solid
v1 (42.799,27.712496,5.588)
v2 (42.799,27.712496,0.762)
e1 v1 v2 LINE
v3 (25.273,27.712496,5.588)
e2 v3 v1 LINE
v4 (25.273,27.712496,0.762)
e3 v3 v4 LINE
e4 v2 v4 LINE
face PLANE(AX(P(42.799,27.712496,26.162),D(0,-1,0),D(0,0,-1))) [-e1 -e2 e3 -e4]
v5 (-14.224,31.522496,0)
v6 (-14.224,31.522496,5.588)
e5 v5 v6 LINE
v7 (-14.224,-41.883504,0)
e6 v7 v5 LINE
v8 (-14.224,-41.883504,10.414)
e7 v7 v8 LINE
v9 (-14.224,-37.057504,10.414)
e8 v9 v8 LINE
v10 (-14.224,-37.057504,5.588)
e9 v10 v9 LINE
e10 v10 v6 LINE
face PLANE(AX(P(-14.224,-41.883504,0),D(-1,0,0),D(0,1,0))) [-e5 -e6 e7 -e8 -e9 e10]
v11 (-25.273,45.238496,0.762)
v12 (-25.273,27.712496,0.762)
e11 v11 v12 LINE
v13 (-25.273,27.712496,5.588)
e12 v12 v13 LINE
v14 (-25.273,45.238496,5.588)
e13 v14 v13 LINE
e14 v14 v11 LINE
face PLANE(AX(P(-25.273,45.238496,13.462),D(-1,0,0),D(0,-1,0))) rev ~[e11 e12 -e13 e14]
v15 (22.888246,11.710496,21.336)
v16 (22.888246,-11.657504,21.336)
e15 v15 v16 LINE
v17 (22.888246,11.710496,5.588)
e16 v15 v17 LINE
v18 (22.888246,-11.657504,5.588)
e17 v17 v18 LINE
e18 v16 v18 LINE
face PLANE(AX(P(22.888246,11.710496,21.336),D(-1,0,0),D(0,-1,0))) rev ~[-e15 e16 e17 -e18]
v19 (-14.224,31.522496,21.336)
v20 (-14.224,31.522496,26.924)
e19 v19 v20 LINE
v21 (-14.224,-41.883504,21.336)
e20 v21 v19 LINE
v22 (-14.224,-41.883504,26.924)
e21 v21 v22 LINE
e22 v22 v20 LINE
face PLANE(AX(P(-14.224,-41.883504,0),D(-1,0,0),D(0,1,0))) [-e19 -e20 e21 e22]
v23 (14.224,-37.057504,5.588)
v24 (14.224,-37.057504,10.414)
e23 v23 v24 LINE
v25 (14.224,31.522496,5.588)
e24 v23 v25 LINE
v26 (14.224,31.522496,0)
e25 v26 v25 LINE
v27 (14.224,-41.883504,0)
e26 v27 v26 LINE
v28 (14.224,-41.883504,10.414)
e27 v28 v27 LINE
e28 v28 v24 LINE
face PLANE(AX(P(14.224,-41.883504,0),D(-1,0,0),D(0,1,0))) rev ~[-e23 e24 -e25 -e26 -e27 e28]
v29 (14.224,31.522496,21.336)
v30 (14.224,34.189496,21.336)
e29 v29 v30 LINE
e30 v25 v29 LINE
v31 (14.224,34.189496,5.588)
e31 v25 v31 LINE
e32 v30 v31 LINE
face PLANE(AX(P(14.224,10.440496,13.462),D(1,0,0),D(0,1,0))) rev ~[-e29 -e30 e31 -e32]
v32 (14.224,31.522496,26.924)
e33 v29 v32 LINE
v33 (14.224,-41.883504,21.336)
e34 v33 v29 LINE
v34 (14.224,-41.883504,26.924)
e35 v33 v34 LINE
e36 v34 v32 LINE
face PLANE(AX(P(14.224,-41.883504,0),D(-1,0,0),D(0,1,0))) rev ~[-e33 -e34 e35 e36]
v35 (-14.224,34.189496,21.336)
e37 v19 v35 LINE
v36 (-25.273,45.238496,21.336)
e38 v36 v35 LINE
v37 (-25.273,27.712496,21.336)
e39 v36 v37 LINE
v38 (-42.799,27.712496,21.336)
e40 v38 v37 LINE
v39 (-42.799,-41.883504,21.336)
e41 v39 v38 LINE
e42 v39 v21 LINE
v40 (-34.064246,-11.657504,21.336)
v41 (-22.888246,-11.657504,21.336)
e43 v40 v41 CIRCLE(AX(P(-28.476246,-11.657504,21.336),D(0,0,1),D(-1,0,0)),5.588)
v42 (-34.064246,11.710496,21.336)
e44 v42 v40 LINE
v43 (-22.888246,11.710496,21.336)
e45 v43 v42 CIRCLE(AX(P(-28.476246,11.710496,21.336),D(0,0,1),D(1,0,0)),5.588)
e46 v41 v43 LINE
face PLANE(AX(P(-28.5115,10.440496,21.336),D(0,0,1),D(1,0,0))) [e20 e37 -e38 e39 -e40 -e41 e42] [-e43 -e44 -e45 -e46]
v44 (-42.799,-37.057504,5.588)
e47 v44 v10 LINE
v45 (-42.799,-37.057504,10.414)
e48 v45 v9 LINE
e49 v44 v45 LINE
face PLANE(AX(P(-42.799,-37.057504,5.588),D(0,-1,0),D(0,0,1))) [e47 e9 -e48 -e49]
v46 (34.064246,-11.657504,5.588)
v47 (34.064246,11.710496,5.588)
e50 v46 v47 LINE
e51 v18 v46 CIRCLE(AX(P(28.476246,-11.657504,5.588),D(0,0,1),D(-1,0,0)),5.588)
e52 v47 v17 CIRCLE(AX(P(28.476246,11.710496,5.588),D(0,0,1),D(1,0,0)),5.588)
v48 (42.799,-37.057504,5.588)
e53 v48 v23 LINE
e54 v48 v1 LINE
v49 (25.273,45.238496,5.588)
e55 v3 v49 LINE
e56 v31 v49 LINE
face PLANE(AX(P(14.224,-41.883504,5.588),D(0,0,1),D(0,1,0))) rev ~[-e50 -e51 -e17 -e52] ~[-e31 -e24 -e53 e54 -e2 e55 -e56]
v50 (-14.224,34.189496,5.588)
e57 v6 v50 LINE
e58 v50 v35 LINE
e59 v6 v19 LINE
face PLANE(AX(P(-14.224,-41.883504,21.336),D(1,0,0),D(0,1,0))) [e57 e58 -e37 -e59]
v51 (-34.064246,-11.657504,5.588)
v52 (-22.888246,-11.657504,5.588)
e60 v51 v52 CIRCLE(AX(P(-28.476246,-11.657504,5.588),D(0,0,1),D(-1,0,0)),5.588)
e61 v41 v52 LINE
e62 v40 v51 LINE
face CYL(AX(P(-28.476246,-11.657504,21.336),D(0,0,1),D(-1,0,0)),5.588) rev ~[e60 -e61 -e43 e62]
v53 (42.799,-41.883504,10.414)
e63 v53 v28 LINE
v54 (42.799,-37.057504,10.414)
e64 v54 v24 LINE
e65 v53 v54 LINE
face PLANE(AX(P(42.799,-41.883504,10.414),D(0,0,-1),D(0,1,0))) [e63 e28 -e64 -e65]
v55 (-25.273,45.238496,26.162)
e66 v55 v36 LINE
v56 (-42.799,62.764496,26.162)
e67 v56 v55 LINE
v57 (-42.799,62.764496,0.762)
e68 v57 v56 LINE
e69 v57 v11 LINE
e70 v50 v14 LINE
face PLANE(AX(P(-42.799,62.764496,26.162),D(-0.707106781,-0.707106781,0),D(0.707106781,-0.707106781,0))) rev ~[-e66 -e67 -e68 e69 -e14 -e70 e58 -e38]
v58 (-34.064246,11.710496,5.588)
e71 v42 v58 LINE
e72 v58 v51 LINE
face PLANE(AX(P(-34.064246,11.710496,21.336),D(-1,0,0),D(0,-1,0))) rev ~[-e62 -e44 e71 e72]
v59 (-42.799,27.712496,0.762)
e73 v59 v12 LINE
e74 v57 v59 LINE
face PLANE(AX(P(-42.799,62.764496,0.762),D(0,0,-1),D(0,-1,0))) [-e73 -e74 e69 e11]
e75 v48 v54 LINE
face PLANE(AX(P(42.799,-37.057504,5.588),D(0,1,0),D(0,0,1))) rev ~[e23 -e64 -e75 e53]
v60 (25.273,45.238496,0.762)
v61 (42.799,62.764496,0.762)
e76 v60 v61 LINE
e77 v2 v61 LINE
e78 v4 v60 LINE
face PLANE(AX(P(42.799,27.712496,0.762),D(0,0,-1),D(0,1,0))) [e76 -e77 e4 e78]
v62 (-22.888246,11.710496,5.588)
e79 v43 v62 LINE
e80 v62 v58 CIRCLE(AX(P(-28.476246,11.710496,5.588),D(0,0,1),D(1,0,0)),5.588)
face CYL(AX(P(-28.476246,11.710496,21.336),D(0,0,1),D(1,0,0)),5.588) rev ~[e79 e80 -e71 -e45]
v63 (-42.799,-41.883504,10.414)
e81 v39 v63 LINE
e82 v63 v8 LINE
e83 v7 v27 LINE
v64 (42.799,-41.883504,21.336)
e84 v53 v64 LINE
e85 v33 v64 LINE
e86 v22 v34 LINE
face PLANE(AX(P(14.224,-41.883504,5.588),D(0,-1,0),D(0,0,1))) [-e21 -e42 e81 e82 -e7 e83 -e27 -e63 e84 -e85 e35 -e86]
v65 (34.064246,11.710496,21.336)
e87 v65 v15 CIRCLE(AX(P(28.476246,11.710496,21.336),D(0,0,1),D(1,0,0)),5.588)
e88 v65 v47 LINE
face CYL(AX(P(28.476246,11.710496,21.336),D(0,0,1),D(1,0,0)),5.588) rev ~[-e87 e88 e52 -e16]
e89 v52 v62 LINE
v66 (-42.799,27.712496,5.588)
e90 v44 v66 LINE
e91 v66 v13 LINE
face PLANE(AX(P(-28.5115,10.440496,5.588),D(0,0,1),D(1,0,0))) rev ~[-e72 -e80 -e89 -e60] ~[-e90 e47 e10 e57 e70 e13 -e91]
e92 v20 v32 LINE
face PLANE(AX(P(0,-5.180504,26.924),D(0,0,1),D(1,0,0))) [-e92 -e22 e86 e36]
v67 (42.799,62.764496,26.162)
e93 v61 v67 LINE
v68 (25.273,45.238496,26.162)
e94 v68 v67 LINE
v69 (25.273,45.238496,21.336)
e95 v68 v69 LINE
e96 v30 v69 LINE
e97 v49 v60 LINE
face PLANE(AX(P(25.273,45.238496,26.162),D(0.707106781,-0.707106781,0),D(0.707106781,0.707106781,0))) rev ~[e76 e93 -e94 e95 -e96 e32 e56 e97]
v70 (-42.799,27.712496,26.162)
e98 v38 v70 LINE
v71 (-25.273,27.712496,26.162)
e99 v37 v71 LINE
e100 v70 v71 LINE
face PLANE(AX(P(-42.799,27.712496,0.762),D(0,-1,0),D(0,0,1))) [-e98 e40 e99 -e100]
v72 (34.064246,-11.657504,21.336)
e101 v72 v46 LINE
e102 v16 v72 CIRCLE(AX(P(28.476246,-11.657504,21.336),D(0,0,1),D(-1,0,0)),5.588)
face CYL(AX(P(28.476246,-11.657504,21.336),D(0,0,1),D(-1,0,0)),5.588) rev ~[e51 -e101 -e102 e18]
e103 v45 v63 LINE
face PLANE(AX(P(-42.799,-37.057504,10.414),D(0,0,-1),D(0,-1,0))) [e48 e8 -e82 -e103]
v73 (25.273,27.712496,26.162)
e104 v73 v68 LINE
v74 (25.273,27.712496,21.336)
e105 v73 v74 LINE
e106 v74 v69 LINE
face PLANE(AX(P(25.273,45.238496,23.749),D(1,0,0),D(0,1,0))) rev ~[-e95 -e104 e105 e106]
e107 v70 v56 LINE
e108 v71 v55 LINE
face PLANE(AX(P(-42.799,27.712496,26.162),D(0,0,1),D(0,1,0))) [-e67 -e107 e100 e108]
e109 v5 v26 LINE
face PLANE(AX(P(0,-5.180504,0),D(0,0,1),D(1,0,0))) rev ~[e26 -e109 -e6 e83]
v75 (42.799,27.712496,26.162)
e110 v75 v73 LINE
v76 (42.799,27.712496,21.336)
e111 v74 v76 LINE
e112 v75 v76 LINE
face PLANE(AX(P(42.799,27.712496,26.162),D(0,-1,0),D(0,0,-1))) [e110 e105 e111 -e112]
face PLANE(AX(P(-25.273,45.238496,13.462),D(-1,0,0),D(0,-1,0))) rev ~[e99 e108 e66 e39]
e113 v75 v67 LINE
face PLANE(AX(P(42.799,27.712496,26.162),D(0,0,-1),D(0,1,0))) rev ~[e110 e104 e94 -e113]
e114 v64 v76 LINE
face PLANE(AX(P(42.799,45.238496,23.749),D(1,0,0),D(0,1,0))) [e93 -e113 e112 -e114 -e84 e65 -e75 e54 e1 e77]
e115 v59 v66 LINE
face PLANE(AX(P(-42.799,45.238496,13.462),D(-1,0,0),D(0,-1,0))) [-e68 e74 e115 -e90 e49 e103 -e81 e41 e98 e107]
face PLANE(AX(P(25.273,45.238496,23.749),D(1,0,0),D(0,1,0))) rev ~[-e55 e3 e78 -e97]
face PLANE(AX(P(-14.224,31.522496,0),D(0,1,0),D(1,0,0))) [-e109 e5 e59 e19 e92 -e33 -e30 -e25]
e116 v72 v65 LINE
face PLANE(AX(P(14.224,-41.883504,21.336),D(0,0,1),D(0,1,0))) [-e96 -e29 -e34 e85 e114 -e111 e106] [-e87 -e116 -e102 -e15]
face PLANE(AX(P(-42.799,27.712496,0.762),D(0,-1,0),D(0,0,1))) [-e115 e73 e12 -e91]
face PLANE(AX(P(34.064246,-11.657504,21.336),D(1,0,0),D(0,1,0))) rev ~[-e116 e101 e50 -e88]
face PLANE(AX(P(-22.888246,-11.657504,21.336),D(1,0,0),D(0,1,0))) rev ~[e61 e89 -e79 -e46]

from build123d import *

# Parameters (mm, degrees)
F0_W      = 28.448
F0_H      = 73.406
F1_DEPTH  = 26.924
F2_W      = 104.648
F2_H      = 15.748
F3_DEPTH  = 28.575
F4_W      = 28.575
F4_H      = 104.648
F5_DEPTH  = 15.748
F6_W      = 4.826
F6_H      = 4.826
F5_FACE_W = 104.648
F5_FACE_H = 15.748
F7_DEPTH  = 28.575
F8_W      = 4.826
F8_H      = 4.826
F9_DEPTH  = 28.575
F11_DEPTH = 25.4
F13_DEPTH = 25.4
F15_DEPTH = 17.526
F17_DEPTH = 25.4
F18_W     = 35.052
F18_H     = 4.826
F18_H_2   = 15.748
F19_DEPTH = 17.526
F21_DEPTH = 25.4
F23_DEPTH = 25.4


with BuildPart() as f1:
    # F0 (on Top) → F1 (new body)
    with BuildSketch(Plane.XY):
        with Locations((0, -5.180504173)):
            Rectangle(F0_W, F0_H)
    extrude(amount=F1_DEPTH)

    # F2 (on face) → F3 (join)
    with BuildSketch(Plane.YZ.offset(14.224)):
        with Locations((10.440495827, 13.462)):
            Rectangle(F2_W, F2_H)
    extrude(amount=F3_DEPTH)

    # F4 (on face) → F5 (join)
    with BuildSketch(Plane.XY.offset(21.336)):
        with Locations((28.5115, 10.440495827)):
            Rectangle(F4_W, F4_H)
        with Locations((-28.5115, 10.440495827)):
            Rectangle(F4_W, F4_H)
    extrude(amount=-F5_DEPTH)

    # F6 (on face) + F5_face (on face) → F7 (cut)
    with BuildSketch(Plane.YZ.offset(42.799)):
        with Locations((-39.470504173, 8.001)):
            Rectangle(F6_W, F6_H)
    with BuildSketch(Plane(origin=(-42.799, 10.440495827, 13.462), x_dir=(0, -1, 0), z_dir=(-1, 0, 0))):
        Rectangle(F5_FACE_W, F5_FACE_H)
    extrude(amount=-F7_DEPTH, dir=(1, 0, 0), mode=Mode.SUBTRACT)

    # F8 (on face) → F9 (cut)
    with BuildSketch(Plane(origin=(-42.799, 0, 0), x_dir=(0, -1, 0), z_dir=(-1, 0, 0))):
        with Locations((39.470504173, 8.001)):
            Rectangle(F8_W, F8_H)
    extrude(amount=-F9_DEPTH, mode=Mode.SUBTRACT)

    # F10 (on face) → F11 (cut)
    with BuildSketch(Plane(origin=(0, 0, 5.588), x_dir=(1, 0, 0), z_dir=(0, 0, -1))):
        Polygon((-14.224, -34.189495827), (-42.799, -62.764495827), (-14.224, -62.764495827), align=None)
    extrude(amount=-F11_DEPTH, mode=Mode.SUBTRACT)

    # F12 (on face) → F13 (cut)
    with BuildSketch(Plane.XY.offset(21.336)):
        Polygon((42.799, 62.764495827), (14.224, 62.764495827), (14.224, 34.189495827), align=None)
    extrude(amount=-F13_DEPTH, mode=Mode.SUBTRACT)

    # F14 (on face) → F15 (join)
    with BuildSketch(Plane(origin=(-42.799, 0, 0), x_dir=(0, -1, 0), z_dir=(-1, 0, 0))):
        Polygon((-62.764495827, 26.162), (-62.764495827, 21.336), (-62.764495827, 5.588), (-62.764495827, 0.762), (-27.712495827, 0.762), (-27.712495827, 5.588), (-27.712495827, 21.336), (-27.712495827, 26.162), align=None)
    extrude(amount=-F15_DEPTH)

    # F16 (on face) → F17 (cut)
    with BuildSketch(Plane.XY.offset(26.162)):
        Polygon((-25.273, 45.238495827), (-25.273, 62.764495827), (-42.799, 62.764495827), align=None)
    extrude(amount=-F17_DEPTH, mode=Mode.SUBTRACT)

    # F18 (on face) → F19 (join)
    with BuildSketch(Plane.YZ.offset(42.799)):
        with Locations((45.238495827, 23.749)):
            Rectangle(F18_W, F18_H)
        with Locations((45.238495827, 13.462)):
            Rectangle(F18_W, F18_H_2)
        with Locations((45.238495827, 3.175)):
            Rectangle(F18_W, F18_H)
    extrude(amount=-F19_DEPTH)

    # F20 (on face) → F21 (cut)
    with BuildSketch(Plane.XY.offset(26.162)):
        Polygon((25.273, 45.238495827), (42.799, 62.764495827), (25.273, 62.764495827), align=None)
    extrude(amount=-F21_DEPTH, mode=Mode.SUBTRACT)

    # F22 (on face) → F23 (cut)
    with BuildSketch(Plane.XY.offset(21.336)):
        with BuildLine():
            ThreePointArc((-22.8882461797, 11.710495827), (-28.4762461797, 17.298495827), (-34.0642461797, 11.710495827))
            Line((-34.0642461797, 11.710495827), (-34.0642461797, -11.657504173))
            ThreePointArc((-34.0642461797, -11.657504173), (-28.4762461797, -17.245504173), (-22.8882461797, -11.657504173))
            Line((-22.8882461797, -11.657504173), (-22.8882461797, 11.710495827))
        make_face()
        with BuildLine():
            Line((34.0642461797, -11.657504173), (34.0642461797, 11.710495827))
            ThreePointArc((34.0642461797, 11.710495827), (28.4762461797, 17.298495827), (22.8882461797, 11.710495827))
            Line((22.8882461797, 11.710495827), (22.8882461797, -11.657504173))
            ThreePointArc((22.8882461797, -11.657504173), (28.4762461797, -17.245504173), (34.0642461797, -11.657504173))
        make_face()
    extrude(amount=-F23_DEPTH, mode=Mode.SUBTRACT)


solid = f1.part
